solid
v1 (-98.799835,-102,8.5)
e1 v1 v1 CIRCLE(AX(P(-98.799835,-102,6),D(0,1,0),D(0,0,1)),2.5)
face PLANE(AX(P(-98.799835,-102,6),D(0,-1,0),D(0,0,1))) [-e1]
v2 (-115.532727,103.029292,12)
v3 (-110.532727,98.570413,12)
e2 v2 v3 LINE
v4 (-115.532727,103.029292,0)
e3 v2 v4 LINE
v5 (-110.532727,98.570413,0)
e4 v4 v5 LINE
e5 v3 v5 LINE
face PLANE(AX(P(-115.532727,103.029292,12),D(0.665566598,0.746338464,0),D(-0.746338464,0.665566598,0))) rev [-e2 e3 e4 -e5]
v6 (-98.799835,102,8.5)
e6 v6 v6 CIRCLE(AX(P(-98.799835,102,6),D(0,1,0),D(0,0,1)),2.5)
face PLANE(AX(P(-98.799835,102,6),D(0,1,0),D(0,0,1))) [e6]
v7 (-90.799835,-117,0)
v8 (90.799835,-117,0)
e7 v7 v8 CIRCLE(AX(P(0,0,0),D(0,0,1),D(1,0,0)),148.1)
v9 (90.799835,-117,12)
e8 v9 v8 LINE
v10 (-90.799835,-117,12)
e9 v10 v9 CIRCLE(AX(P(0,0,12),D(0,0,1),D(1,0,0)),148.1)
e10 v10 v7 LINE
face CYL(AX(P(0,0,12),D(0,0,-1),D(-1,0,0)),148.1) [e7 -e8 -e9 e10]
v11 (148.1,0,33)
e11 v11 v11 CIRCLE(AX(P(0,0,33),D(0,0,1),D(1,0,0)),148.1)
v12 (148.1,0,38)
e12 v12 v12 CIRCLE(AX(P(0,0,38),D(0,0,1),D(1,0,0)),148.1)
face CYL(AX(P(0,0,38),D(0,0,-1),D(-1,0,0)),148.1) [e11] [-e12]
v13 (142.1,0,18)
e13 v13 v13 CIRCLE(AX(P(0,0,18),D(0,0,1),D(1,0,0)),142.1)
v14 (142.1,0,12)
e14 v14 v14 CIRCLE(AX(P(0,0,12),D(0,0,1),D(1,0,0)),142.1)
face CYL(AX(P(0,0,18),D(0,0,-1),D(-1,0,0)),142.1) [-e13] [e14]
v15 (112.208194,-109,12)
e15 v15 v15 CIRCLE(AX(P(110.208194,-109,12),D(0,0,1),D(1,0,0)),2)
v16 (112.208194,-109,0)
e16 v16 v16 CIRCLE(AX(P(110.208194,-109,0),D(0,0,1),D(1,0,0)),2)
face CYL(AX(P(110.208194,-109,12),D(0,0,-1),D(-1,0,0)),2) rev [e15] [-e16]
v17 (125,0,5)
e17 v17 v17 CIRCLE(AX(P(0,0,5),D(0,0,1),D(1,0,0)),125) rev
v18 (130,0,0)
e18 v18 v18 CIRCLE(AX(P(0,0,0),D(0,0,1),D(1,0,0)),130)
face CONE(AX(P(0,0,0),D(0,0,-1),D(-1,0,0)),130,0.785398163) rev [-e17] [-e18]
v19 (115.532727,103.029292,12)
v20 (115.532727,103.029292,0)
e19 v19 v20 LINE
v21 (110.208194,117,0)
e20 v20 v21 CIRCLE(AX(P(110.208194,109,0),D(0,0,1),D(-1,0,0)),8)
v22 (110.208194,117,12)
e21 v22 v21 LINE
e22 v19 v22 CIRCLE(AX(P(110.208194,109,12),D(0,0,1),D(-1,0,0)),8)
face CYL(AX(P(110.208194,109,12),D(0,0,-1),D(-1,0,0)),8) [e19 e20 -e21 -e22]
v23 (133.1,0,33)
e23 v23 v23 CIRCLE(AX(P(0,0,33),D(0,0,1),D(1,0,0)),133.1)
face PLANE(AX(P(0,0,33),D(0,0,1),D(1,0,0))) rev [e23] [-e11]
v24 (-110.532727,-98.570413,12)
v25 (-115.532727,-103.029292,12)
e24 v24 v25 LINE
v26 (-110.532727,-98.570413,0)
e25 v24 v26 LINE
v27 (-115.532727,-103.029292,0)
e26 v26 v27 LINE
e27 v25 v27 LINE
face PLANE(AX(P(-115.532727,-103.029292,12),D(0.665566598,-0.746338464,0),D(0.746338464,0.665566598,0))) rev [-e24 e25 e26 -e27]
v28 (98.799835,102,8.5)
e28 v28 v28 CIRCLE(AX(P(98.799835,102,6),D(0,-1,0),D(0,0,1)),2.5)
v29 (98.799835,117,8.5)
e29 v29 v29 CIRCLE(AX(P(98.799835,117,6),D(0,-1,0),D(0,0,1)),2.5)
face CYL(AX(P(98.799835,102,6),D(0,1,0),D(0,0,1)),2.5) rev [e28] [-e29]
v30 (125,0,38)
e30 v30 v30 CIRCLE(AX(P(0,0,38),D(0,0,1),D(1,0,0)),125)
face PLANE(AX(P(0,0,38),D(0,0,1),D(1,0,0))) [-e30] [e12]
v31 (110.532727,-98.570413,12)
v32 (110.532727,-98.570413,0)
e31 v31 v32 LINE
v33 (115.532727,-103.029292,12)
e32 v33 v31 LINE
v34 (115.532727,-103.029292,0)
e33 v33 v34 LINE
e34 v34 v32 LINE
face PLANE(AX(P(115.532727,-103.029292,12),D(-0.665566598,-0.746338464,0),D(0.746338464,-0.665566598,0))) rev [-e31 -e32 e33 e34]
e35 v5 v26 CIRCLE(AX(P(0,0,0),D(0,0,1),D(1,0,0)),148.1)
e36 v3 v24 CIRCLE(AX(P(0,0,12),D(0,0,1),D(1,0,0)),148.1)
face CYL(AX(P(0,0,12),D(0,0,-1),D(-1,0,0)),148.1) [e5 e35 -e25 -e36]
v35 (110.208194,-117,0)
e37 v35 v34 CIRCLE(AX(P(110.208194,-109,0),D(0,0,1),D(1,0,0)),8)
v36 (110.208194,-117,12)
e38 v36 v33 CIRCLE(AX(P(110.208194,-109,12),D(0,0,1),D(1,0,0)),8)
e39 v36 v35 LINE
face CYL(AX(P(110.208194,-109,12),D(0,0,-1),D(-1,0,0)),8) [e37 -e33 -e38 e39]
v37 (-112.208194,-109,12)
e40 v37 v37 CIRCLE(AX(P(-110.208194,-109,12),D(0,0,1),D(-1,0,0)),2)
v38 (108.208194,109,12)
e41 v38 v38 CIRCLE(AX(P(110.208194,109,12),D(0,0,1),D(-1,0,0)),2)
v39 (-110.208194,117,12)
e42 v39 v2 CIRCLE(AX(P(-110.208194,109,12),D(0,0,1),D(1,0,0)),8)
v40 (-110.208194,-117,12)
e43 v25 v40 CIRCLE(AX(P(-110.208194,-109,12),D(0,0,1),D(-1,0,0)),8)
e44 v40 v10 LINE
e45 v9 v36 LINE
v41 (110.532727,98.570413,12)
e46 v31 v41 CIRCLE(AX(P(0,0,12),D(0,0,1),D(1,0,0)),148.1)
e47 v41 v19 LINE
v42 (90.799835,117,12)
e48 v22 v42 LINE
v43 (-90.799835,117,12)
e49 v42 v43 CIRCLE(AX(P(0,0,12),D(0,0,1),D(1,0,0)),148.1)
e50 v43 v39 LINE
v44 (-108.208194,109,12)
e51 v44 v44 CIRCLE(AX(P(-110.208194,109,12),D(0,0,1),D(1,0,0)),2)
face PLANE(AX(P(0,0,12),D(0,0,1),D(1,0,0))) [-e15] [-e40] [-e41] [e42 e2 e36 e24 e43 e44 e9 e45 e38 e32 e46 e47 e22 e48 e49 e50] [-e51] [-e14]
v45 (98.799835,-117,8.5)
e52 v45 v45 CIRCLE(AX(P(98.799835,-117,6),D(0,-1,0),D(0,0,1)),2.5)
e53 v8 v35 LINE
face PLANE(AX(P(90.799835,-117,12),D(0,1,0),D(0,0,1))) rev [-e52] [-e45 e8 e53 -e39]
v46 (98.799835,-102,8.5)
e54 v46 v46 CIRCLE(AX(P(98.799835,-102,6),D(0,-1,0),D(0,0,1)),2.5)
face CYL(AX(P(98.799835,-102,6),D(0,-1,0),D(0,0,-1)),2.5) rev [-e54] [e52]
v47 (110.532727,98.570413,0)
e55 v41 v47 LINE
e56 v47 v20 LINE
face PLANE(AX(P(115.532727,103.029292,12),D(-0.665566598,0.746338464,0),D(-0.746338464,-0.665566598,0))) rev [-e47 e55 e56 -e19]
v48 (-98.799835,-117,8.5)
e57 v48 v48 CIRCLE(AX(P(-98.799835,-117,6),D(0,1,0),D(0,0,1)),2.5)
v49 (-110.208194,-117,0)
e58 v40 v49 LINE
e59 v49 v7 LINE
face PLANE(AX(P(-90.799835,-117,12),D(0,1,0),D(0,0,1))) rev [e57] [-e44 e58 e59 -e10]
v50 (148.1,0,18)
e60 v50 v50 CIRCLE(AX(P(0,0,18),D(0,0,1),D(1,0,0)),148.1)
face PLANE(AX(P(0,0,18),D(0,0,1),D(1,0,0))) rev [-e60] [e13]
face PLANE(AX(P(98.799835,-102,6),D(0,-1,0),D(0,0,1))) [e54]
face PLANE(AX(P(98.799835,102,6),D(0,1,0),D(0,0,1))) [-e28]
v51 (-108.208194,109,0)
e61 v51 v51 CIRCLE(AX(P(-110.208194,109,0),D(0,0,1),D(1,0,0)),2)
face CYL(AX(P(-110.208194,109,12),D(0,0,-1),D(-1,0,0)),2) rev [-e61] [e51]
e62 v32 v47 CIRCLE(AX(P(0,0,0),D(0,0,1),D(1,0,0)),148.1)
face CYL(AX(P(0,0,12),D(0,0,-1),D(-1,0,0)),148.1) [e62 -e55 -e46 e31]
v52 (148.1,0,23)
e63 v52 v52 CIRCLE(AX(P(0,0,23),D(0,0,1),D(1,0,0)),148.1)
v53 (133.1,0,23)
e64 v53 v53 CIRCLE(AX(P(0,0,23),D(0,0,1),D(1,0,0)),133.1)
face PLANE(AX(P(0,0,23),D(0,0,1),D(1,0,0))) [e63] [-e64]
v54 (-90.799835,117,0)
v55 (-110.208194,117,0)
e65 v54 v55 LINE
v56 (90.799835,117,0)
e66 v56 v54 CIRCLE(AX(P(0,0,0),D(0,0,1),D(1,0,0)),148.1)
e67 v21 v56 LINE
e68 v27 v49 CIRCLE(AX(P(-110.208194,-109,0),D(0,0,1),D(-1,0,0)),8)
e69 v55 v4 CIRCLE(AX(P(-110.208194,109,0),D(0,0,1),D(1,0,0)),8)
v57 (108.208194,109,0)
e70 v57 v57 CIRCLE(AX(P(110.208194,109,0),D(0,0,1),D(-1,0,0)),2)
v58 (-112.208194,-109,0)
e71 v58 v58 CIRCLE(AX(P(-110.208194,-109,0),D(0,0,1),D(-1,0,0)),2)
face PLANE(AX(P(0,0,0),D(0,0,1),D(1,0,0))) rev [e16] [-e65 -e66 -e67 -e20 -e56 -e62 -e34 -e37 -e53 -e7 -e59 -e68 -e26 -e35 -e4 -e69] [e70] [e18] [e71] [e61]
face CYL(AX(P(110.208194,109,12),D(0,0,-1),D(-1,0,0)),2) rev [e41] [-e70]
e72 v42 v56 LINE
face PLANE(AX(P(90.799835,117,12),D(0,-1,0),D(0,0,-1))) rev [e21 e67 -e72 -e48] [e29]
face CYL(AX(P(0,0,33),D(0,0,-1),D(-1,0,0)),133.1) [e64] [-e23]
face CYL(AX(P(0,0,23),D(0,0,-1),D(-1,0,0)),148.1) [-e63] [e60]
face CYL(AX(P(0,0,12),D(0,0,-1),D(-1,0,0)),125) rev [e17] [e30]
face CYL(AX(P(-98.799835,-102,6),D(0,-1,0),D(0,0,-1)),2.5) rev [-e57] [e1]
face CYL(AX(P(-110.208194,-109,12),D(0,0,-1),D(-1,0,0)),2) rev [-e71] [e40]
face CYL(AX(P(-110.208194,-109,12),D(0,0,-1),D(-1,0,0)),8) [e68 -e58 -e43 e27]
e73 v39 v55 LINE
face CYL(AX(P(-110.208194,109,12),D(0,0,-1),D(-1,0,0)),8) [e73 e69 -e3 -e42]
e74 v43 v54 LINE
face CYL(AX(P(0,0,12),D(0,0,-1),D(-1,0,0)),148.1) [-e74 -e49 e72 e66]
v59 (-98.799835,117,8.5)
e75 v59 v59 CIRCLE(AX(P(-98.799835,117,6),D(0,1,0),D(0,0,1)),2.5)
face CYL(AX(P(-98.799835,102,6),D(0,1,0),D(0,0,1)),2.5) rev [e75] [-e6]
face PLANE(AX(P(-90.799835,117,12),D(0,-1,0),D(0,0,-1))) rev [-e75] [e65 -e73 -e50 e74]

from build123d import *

# Parameters (mm, degrees)
SKETCH_1_R               = 148.1
SKETCH_1_R_2             = 125
EXTRUDE_1_DEPTH          = 12
SKETCH_2_R               = 142.1
SKETCH_2_R_2             = 125
EXTRUDE_2_DEPTH          = 6
SKETCH_3_R               = 148.1
SKETCH_3_R_2             = 125
EXTRUDE_3_DEPTH          = 5
SKETCH_4_R               = 133.1
SKETCH_4_R_2             = 125
EXTRUDE_4_DEPTH          = 10
SKETCH_5_R               = 148.1
SKETCH_5_R_2             = 125
EXTRUDE_5_DEPTH          = 5
SKETCH_6_R               = 2
EXTRUDE_6_DEPTH          = 12
SKETCH_7_R               = 2.5
CUT_EXTRUDE_1_DEPTH      = 15
MIRROR_2_COPY_1_SKETCH_R = 2.5
MIRROR_2_COPY_1_DEPTH    = 15
CHAMFER_1_SIZE           = 5


with BuildPart() as part:
    # 草图1 → 凸台-拉伸1 (new body)
    with BuildSketch(Plane.XY):
        Circle(SKETCH_1_R)
        Circle(SKETCH_1_R_2, mode=Mode.SUBTRACT)
    extrude(amount=EXTRUDE_1_DEPTH)

    # 草图2 → 凸台-拉伸2 (add)
    with BuildSketch(Plane.XY.offset(12)):
        Circle(SKETCH_2_R)
        Circle(SKETCH_2_R_2, mode=Mode.SUBTRACT)
    extrude(amount=EXTRUDE_2_DEPTH)

    # 草图3 → 凸台-拉伸3 (add)
    with BuildSketch(Plane.XY.offset(18)):
        Circle(SKETCH_3_R)
        Circle(SKETCH_3_R_2, mode=Mode.SUBTRACT)
    extrude(amount=EXTRUDE_3_DEPTH)

    # 草图4 → 凸台-拉伸4 (add)
    with BuildSketch(Plane.XY.offset(23)):
        Circle(SKETCH_4_R)
        Circle(SKETCH_4_R_2, mode=Mode.SUBTRACT)
    extrude(amount=EXTRUDE_4_DEPTH)

    # 草图5 → 凸台-拉伸5 (add)
    with BuildSketch(Plane.XY.offset(33)):
        Circle(SKETCH_5_R)
        Circle(SKETCH_5_R_2, mode=Mode.SUBTRACT)
    extrude(amount=EXTRUDE_5_DEPTH)

    # 草图6 → 凸台-拉伸6 (add)
    # profile 1 of 4: a face of its own
    with BuildSketch(Plane.XY):
        with BuildLine():
            Line((-90.799834802, 117), (-110.208193805, 117))
            ThreePointArc((-110.208193805, 117), (-117.683675787, 111.849064607), (-115.532726589, 103.029292284))
            Line((-115.532726589, 103.029292284), (-110.532726589, 98.570413171))
            ThreePointArc((-110.532726589, 98.570413171), (-101.087152926, 108.235842092), (-90.799834802, 117))
        make_face()
        with Locations((-110.208193805, 109)):
            Circle(SKETCH_6_R, mode=Mode.SUBTRACT)
    # profile 2 of 4: a face of its own
    with BuildSketch(Plane.XY):
        with BuildLine():
            Line((115.532726589, 103.029292284), (110.532726589, 98.570413171))
            ThreePointArc((110.532726589, 98.570413171), (101.087152926, 108.235842092), (90.799834802, 117))
            Line((90.799834802, 117), (110.208193805, 117))
            ThreePointArc((110.208193805, 117), (117.683675787, 111.849064607), (115.532726589, 103.029292284))
        make_face()
        with Locations(Location((110.208193805, 109, 0), (0, 0, 180))):
            Circle(SKETCH_6_R, mode=Mode.SUBTRACT)
    # profile 3 of 4: a face of its own
    with BuildSketch(Plane.XY):
        with BuildLine():
            Line((115.532726589, -103.029292284), (110.532726589, -98.570413171))
            ThreePointArc((110.532726589, -98.570413171), (101.087152926, -108.235842092), (90.799834802, -117))
            Line((90.799834802, -117), (110.208193805, -117))
            ThreePointArc((110.208193805, -117), (117.683675787, -111.849064607), (115.532726589, -103.029292284))
        make_face()
        with Locations((110.208193805, -109)):
            Circle(SKETCH_6_R, mode=Mode.SUBTRACT)
    # profile 4 of 4: a face of its own
    with BuildSketch(Plane.XY):
        with BuildLine():
            Line((-115.532726589, -103.029292284), (-110.532726589, -98.570413171))
            ThreePointArc((-110.532726589, -98.570413171), (-101.087152926, -108.235842092), (-90.799834802, -117))
            Line((-90.799834802, -117), (-110.208193805, -117))
            ThreePointArc((-110.208193805, -117), (-117.683675787, -111.849064607), (-115.532726589, -103.029292284))
        make_face()
        with Locations(Location((-110.208193805, -109, 0), (0, 0, 180))):
            Circle(SKETCH_6_R, mode=Mode.SUBTRACT)
    extrude(amount=EXTRUDE_6_DEPTH)

    # 草图7 → 切除-拉伸1 (cut)
    with BuildSketch(Plane(origin=(0, 117, 0), x_dir=(1, 0, 0), z_dir=(0, 1, 0))):
        with Locations(Location((-98.799834802, -6, 0), (0, 0, 270))):
            Circle(SKETCH_7_R)
    cut_extrude_1 = extrude(amount=-CUT_EXTRUDE_1_DEPTH, mode=Mode.SUBTRACT)

    # 镜向1: 切除-拉伸1 across plane
    add(cut_extrude_1.mirror(Plane(origin=(0, 0, 0), x_dir=(0, 0, 1), z_dir=(1, 0, 0))), mode=Mode.SUBTRACT)

    # 镜向2: 切除-拉伸1 across plane
    add(cut_extrude_1.mirror(Plane.ZX), mode=Mode.SUBTRACT)

    # 镜向2 copy 1 sketch → 镜向2 copy 1 (cut)
    with BuildSketch(Plane(origin=(0, -117, 0), x_dir=(-1, 0, 0), z_dir=(0, -1, 0))):
        with Locations(Location((-98.799834802, -6, 0), (0, 0, 270))):
            Circle(MIRROR_2_COPY_1_SKETCH_R)
    extrude(amount=-MIRROR_2_COPY_1_DEPTH, mode=Mode.SUBTRACT)

    # 倒角1
    chamfer_1_edges = [part.edges().sort_by_distance(p)[0] for p in [
        (-125, 0, 0),
    ]]
    chamfer(chamfer_1_edges, length=CHAMFER_1_SIZE)


solid = part.part
